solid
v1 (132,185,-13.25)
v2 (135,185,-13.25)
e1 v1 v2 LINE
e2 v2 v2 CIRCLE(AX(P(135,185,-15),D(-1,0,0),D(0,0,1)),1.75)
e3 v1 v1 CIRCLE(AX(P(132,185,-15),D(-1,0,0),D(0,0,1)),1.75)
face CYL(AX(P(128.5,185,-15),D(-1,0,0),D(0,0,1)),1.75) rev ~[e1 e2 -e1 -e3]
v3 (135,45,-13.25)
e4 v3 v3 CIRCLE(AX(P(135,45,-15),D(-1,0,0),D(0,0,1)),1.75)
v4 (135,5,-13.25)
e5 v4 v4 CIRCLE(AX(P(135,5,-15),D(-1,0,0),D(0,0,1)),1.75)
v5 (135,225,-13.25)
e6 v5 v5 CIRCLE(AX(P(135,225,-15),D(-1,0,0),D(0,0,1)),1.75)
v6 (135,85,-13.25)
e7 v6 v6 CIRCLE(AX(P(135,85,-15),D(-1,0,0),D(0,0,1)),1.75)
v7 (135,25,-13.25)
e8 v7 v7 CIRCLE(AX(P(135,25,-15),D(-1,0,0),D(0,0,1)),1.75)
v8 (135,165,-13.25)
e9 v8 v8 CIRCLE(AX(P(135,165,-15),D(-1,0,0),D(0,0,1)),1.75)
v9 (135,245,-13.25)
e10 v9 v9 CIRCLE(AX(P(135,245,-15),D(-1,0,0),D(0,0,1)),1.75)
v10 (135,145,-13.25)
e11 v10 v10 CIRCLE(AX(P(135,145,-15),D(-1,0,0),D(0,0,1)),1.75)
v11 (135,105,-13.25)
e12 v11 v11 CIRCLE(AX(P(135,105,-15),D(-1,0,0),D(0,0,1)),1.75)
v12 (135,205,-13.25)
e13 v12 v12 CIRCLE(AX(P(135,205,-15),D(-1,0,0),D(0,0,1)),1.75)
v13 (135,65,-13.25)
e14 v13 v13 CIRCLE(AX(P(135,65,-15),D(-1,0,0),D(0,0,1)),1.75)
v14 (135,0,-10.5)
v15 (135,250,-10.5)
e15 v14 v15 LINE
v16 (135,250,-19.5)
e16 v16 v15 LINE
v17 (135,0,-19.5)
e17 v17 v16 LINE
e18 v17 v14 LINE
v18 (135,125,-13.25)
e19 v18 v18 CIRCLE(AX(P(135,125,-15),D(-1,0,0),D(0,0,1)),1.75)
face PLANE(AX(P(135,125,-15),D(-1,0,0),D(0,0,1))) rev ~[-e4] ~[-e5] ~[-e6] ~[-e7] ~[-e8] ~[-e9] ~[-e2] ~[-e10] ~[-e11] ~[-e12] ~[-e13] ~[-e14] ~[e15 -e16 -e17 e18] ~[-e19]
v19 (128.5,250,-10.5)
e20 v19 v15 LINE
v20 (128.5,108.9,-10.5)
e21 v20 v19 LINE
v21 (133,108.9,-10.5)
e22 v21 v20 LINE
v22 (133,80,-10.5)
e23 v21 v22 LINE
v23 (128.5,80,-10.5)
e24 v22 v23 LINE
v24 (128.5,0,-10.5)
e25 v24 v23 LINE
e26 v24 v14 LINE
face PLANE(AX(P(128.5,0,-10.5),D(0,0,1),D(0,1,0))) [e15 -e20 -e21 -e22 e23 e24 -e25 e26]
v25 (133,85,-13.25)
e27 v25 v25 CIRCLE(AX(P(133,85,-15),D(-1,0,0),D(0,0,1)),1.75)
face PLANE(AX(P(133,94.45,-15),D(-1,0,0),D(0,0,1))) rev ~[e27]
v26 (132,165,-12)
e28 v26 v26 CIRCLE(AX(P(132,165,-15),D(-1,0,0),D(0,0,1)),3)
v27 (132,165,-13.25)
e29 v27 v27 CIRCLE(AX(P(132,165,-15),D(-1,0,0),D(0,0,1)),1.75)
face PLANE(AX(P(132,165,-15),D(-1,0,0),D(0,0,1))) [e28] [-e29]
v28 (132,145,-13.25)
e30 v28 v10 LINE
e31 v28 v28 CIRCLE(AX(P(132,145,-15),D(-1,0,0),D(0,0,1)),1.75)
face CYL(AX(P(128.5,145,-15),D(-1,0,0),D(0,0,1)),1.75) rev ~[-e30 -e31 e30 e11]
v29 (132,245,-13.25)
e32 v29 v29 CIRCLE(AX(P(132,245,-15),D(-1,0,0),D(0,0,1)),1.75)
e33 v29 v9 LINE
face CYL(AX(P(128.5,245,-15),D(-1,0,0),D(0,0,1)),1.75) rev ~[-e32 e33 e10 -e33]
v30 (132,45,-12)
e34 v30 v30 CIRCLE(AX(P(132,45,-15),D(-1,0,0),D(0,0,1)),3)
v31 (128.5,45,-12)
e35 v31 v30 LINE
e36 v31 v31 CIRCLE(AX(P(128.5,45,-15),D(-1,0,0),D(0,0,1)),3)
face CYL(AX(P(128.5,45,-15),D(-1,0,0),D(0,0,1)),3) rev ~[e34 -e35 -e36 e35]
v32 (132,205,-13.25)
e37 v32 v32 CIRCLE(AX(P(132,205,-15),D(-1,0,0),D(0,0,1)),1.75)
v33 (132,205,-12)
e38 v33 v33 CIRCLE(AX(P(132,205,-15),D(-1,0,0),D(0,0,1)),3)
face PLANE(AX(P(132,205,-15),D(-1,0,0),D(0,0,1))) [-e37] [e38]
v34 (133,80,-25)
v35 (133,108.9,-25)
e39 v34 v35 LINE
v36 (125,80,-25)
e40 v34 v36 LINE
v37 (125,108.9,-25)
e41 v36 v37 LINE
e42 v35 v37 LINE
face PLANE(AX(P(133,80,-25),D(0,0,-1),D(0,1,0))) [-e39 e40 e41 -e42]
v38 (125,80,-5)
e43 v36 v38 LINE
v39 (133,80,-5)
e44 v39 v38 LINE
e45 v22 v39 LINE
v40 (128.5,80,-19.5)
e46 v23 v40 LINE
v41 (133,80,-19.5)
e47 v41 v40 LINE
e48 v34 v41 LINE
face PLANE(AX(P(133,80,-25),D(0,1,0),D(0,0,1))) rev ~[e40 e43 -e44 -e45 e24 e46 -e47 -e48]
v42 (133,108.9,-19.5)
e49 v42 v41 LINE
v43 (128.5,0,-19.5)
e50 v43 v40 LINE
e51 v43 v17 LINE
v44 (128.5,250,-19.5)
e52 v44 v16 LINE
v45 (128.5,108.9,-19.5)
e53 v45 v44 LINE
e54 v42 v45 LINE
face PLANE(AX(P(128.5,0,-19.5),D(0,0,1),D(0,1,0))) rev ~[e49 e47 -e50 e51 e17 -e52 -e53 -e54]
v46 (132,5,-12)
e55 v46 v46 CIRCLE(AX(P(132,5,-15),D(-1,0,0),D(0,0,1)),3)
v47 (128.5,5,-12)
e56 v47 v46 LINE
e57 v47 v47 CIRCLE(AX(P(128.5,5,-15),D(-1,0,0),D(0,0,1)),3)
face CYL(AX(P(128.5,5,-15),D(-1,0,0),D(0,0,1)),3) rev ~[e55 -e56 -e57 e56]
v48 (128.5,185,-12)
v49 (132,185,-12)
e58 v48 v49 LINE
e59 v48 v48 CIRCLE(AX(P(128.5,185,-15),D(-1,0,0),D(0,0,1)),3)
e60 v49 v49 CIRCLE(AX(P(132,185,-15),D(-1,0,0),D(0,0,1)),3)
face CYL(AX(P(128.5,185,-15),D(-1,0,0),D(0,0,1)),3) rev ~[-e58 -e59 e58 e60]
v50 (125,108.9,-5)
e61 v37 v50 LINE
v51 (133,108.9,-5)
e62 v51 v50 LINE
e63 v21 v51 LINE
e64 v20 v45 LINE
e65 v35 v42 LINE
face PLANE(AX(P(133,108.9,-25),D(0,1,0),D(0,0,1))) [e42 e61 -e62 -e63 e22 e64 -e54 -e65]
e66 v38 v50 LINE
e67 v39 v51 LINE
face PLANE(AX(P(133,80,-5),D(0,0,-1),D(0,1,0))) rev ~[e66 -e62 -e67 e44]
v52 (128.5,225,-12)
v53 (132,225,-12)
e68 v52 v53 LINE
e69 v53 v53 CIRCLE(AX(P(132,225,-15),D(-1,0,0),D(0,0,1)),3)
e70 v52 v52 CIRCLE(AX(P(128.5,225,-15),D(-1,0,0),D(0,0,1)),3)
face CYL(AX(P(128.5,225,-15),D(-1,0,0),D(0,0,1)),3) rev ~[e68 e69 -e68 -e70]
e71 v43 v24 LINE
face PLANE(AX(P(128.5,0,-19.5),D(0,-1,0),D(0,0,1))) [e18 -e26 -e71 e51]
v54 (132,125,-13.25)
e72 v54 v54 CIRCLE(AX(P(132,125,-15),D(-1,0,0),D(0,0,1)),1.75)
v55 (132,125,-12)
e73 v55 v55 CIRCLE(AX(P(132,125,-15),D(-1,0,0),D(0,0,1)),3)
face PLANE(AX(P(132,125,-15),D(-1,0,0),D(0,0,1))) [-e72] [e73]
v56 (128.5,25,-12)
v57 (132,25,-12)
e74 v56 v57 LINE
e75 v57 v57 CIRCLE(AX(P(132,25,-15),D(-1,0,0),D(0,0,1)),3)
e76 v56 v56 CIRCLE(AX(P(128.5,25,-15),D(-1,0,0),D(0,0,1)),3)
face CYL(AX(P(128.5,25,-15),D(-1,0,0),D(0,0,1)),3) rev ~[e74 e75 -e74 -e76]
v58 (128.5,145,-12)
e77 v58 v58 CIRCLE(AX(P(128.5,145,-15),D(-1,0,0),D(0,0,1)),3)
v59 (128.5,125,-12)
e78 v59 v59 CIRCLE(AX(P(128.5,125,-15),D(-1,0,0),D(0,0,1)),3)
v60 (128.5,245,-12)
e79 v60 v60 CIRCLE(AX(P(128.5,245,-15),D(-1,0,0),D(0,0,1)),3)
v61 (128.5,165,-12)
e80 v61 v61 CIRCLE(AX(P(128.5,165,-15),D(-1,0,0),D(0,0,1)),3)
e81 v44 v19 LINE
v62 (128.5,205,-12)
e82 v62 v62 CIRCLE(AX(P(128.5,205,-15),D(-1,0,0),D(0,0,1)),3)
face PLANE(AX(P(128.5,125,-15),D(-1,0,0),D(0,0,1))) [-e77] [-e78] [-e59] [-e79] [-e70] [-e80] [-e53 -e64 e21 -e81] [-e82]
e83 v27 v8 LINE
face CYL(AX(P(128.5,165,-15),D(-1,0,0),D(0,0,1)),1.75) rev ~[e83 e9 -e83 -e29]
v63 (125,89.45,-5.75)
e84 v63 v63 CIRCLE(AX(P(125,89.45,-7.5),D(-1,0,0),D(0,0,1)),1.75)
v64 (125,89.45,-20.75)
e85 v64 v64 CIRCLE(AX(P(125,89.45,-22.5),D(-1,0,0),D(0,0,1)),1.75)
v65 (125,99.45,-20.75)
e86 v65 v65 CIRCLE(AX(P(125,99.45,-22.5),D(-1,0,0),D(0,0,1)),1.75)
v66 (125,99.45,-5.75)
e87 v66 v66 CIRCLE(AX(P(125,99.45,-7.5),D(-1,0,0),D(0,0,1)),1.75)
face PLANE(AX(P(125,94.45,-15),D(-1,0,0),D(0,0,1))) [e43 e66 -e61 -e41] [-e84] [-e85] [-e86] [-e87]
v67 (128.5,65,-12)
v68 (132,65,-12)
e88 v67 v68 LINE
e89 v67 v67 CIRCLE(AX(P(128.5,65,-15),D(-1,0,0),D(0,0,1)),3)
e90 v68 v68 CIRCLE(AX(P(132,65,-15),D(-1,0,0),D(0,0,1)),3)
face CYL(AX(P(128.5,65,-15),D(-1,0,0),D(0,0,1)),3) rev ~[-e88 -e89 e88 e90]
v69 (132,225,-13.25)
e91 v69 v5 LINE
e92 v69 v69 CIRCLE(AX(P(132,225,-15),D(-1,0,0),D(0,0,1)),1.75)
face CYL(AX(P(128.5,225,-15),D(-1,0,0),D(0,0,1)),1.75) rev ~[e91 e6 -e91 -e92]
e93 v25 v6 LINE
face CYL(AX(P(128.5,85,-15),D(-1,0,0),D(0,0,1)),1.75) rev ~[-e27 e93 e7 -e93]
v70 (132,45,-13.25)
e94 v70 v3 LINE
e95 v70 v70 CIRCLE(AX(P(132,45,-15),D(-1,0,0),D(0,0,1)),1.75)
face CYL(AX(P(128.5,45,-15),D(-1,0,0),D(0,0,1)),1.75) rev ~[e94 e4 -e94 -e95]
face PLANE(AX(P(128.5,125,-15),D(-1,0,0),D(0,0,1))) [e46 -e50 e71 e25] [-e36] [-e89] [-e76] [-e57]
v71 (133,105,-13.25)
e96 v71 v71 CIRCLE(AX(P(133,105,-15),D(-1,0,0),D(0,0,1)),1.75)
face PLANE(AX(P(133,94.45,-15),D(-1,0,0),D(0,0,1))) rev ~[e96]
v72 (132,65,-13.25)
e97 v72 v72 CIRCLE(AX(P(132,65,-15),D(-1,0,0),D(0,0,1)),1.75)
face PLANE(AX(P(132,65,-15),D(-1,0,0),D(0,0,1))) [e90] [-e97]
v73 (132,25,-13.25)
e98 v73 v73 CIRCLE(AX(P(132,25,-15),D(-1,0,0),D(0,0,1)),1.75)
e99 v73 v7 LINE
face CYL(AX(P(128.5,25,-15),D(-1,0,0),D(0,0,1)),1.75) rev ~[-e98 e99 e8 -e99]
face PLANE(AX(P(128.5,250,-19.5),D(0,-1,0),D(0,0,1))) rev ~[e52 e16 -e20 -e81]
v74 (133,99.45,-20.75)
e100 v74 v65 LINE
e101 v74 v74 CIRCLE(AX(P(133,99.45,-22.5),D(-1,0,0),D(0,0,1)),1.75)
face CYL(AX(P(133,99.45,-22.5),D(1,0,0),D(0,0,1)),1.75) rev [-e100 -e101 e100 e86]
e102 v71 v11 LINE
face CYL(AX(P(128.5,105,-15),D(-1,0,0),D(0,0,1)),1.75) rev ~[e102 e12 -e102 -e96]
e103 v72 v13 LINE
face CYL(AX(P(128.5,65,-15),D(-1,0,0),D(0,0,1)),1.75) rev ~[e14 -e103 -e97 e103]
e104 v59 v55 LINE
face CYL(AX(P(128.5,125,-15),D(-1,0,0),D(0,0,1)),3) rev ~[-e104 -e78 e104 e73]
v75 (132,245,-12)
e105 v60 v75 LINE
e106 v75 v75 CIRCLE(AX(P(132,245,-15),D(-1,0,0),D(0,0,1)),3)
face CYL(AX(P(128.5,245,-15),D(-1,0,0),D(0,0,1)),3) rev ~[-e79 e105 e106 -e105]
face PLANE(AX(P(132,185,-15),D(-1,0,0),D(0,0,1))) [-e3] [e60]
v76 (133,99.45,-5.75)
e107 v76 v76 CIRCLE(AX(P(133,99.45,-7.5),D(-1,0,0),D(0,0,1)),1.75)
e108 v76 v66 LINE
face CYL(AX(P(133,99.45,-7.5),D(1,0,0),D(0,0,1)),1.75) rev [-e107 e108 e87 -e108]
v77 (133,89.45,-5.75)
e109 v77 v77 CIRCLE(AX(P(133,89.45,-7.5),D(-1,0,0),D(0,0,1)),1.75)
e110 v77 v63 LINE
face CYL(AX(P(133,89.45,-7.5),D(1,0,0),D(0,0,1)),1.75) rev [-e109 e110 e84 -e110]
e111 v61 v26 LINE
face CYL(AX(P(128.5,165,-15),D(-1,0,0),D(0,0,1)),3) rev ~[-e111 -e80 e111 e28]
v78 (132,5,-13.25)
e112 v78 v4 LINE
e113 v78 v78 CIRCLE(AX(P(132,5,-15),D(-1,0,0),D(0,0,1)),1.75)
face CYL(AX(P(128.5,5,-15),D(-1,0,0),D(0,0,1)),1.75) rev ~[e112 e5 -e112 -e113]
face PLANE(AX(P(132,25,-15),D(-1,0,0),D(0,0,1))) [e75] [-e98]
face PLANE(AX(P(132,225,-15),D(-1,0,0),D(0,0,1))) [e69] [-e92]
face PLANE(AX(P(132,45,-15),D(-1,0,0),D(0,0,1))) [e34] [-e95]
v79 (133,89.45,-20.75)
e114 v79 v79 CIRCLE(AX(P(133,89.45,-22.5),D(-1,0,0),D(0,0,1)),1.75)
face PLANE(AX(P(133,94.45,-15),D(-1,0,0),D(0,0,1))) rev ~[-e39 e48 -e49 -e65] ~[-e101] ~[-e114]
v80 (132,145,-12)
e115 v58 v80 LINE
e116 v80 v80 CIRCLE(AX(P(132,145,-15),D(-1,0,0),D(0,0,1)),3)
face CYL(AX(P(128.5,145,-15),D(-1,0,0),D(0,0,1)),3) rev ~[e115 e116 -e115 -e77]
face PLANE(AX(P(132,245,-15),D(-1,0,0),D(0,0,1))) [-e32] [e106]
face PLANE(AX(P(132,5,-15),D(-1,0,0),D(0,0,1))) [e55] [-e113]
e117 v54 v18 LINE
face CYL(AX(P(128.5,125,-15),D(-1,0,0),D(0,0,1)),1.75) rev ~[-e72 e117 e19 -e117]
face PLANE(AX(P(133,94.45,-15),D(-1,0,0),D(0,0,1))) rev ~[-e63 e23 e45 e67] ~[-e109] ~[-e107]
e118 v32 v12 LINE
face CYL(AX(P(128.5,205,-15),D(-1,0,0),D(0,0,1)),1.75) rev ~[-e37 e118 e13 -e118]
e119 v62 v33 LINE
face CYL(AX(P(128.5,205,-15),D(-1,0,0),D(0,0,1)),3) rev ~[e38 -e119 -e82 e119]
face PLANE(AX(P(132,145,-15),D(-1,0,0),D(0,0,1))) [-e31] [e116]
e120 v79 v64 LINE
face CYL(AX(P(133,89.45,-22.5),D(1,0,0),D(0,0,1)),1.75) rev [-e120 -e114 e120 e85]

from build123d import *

# Parameters (mm, degrees)
SKETCH026_W             = 9
SKETCH026_H             = 250
PAD014_DEPTH            = 6.5
SKETCH027_R             = 1.75
POCKET010_DEPTH         = 6.5
LINEARPATTERN005_COUNT  = 13
LINEARPATTERN005_PITCH  = 20
SKETCH028_R             = 3
POCKET011_DEPTH         = 3.5
LINEARPATTERN004_COUNT  = 13
LINEARPATTERN004_PITCH  = 20
SKETCH025_W             = 20
SKETCH025_H             = 28.9
SKETCH025_R             = 1.75
PAD015_DEPTH            = 8
BODY006_PLACEMENT_ANGLE = 90


with BuildPart() as part:
    # Sketch026 → Pad014 (new body)
    with BuildSketch(Plane.XY):
        with Locations((0, 125)):
            Rectangle(SKETCH026_W, SKETCH026_H)
    extrude(amount=-PAD014_DEPTH)

    # Sketch027 → Pocket010 (cut)
    with BuildSketch(Plane.XY):
        with Locations((0, 5)):
            Circle(SKETCH027_R)
    pocket010 = extrude(amount=-POCKET010_DEPTH, mode=Mode.SUBTRACT)

    # LinearPattern005: Pocket010 ×13
    with Locations(*[(0, i * LINEARPATTERN005_PITCH, 0) for i in range(1, LINEARPATTERN005_COUNT)]):
        add(pocket010, mode=Mode.SUBTRACT)

    # Sketch028 → Pocket011 (cut)
    with BuildSketch(Plane.XY):
        with Locations((0, 5)):
            Circle(SKETCH028_R)
    pocket011 = extrude(amount=-POCKET011_DEPTH, mode=Mode.SUBTRACT)

    # LinearPattern004: Pocket011 ×13
    with Locations(*[(0, i * LINEARPATTERN004_PITCH, 0) for i in range(1, LINEARPATTERN004_COUNT)]):
        add(pocket011, mode=Mode.SUBTRACT)

    # Sketch025 → Pad015 (join)
    with BuildSketch(Plane.XY.offset(-4.5)):
        with Locations((0, 94.45)):
            Rectangle(SKETCH025_W, SKETCH025_H)
        with Locations((-7.5, 99.45)):
            Circle(SKETCH025_R, mode=Mode.SUBTRACT)
        with Locations((7.5, 99.45)):
            Circle(SKETCH025_R, mode=Mode.SUBTRACT)
        with Locations((7.5, 89.45)):
            Circle(SKETCH025_R, mode=Mode.SUBTRACT)
        with Locations((-7.5, 89.45)):
            Circle(SKETCH025_R, mode=Mode.SUBTRACT)
    extrude(amount=PAD015_DEPTH)


with BuildPart() as part_1:
    # Body006 placement: moved
    add(part.part.moved(Location((128.5, 0, -15))).rotate(Axis((128.5, 0, -15), (0, -1, 0)), BODY006_PLACEMENT_ANGLE))


solid = part_1.part
